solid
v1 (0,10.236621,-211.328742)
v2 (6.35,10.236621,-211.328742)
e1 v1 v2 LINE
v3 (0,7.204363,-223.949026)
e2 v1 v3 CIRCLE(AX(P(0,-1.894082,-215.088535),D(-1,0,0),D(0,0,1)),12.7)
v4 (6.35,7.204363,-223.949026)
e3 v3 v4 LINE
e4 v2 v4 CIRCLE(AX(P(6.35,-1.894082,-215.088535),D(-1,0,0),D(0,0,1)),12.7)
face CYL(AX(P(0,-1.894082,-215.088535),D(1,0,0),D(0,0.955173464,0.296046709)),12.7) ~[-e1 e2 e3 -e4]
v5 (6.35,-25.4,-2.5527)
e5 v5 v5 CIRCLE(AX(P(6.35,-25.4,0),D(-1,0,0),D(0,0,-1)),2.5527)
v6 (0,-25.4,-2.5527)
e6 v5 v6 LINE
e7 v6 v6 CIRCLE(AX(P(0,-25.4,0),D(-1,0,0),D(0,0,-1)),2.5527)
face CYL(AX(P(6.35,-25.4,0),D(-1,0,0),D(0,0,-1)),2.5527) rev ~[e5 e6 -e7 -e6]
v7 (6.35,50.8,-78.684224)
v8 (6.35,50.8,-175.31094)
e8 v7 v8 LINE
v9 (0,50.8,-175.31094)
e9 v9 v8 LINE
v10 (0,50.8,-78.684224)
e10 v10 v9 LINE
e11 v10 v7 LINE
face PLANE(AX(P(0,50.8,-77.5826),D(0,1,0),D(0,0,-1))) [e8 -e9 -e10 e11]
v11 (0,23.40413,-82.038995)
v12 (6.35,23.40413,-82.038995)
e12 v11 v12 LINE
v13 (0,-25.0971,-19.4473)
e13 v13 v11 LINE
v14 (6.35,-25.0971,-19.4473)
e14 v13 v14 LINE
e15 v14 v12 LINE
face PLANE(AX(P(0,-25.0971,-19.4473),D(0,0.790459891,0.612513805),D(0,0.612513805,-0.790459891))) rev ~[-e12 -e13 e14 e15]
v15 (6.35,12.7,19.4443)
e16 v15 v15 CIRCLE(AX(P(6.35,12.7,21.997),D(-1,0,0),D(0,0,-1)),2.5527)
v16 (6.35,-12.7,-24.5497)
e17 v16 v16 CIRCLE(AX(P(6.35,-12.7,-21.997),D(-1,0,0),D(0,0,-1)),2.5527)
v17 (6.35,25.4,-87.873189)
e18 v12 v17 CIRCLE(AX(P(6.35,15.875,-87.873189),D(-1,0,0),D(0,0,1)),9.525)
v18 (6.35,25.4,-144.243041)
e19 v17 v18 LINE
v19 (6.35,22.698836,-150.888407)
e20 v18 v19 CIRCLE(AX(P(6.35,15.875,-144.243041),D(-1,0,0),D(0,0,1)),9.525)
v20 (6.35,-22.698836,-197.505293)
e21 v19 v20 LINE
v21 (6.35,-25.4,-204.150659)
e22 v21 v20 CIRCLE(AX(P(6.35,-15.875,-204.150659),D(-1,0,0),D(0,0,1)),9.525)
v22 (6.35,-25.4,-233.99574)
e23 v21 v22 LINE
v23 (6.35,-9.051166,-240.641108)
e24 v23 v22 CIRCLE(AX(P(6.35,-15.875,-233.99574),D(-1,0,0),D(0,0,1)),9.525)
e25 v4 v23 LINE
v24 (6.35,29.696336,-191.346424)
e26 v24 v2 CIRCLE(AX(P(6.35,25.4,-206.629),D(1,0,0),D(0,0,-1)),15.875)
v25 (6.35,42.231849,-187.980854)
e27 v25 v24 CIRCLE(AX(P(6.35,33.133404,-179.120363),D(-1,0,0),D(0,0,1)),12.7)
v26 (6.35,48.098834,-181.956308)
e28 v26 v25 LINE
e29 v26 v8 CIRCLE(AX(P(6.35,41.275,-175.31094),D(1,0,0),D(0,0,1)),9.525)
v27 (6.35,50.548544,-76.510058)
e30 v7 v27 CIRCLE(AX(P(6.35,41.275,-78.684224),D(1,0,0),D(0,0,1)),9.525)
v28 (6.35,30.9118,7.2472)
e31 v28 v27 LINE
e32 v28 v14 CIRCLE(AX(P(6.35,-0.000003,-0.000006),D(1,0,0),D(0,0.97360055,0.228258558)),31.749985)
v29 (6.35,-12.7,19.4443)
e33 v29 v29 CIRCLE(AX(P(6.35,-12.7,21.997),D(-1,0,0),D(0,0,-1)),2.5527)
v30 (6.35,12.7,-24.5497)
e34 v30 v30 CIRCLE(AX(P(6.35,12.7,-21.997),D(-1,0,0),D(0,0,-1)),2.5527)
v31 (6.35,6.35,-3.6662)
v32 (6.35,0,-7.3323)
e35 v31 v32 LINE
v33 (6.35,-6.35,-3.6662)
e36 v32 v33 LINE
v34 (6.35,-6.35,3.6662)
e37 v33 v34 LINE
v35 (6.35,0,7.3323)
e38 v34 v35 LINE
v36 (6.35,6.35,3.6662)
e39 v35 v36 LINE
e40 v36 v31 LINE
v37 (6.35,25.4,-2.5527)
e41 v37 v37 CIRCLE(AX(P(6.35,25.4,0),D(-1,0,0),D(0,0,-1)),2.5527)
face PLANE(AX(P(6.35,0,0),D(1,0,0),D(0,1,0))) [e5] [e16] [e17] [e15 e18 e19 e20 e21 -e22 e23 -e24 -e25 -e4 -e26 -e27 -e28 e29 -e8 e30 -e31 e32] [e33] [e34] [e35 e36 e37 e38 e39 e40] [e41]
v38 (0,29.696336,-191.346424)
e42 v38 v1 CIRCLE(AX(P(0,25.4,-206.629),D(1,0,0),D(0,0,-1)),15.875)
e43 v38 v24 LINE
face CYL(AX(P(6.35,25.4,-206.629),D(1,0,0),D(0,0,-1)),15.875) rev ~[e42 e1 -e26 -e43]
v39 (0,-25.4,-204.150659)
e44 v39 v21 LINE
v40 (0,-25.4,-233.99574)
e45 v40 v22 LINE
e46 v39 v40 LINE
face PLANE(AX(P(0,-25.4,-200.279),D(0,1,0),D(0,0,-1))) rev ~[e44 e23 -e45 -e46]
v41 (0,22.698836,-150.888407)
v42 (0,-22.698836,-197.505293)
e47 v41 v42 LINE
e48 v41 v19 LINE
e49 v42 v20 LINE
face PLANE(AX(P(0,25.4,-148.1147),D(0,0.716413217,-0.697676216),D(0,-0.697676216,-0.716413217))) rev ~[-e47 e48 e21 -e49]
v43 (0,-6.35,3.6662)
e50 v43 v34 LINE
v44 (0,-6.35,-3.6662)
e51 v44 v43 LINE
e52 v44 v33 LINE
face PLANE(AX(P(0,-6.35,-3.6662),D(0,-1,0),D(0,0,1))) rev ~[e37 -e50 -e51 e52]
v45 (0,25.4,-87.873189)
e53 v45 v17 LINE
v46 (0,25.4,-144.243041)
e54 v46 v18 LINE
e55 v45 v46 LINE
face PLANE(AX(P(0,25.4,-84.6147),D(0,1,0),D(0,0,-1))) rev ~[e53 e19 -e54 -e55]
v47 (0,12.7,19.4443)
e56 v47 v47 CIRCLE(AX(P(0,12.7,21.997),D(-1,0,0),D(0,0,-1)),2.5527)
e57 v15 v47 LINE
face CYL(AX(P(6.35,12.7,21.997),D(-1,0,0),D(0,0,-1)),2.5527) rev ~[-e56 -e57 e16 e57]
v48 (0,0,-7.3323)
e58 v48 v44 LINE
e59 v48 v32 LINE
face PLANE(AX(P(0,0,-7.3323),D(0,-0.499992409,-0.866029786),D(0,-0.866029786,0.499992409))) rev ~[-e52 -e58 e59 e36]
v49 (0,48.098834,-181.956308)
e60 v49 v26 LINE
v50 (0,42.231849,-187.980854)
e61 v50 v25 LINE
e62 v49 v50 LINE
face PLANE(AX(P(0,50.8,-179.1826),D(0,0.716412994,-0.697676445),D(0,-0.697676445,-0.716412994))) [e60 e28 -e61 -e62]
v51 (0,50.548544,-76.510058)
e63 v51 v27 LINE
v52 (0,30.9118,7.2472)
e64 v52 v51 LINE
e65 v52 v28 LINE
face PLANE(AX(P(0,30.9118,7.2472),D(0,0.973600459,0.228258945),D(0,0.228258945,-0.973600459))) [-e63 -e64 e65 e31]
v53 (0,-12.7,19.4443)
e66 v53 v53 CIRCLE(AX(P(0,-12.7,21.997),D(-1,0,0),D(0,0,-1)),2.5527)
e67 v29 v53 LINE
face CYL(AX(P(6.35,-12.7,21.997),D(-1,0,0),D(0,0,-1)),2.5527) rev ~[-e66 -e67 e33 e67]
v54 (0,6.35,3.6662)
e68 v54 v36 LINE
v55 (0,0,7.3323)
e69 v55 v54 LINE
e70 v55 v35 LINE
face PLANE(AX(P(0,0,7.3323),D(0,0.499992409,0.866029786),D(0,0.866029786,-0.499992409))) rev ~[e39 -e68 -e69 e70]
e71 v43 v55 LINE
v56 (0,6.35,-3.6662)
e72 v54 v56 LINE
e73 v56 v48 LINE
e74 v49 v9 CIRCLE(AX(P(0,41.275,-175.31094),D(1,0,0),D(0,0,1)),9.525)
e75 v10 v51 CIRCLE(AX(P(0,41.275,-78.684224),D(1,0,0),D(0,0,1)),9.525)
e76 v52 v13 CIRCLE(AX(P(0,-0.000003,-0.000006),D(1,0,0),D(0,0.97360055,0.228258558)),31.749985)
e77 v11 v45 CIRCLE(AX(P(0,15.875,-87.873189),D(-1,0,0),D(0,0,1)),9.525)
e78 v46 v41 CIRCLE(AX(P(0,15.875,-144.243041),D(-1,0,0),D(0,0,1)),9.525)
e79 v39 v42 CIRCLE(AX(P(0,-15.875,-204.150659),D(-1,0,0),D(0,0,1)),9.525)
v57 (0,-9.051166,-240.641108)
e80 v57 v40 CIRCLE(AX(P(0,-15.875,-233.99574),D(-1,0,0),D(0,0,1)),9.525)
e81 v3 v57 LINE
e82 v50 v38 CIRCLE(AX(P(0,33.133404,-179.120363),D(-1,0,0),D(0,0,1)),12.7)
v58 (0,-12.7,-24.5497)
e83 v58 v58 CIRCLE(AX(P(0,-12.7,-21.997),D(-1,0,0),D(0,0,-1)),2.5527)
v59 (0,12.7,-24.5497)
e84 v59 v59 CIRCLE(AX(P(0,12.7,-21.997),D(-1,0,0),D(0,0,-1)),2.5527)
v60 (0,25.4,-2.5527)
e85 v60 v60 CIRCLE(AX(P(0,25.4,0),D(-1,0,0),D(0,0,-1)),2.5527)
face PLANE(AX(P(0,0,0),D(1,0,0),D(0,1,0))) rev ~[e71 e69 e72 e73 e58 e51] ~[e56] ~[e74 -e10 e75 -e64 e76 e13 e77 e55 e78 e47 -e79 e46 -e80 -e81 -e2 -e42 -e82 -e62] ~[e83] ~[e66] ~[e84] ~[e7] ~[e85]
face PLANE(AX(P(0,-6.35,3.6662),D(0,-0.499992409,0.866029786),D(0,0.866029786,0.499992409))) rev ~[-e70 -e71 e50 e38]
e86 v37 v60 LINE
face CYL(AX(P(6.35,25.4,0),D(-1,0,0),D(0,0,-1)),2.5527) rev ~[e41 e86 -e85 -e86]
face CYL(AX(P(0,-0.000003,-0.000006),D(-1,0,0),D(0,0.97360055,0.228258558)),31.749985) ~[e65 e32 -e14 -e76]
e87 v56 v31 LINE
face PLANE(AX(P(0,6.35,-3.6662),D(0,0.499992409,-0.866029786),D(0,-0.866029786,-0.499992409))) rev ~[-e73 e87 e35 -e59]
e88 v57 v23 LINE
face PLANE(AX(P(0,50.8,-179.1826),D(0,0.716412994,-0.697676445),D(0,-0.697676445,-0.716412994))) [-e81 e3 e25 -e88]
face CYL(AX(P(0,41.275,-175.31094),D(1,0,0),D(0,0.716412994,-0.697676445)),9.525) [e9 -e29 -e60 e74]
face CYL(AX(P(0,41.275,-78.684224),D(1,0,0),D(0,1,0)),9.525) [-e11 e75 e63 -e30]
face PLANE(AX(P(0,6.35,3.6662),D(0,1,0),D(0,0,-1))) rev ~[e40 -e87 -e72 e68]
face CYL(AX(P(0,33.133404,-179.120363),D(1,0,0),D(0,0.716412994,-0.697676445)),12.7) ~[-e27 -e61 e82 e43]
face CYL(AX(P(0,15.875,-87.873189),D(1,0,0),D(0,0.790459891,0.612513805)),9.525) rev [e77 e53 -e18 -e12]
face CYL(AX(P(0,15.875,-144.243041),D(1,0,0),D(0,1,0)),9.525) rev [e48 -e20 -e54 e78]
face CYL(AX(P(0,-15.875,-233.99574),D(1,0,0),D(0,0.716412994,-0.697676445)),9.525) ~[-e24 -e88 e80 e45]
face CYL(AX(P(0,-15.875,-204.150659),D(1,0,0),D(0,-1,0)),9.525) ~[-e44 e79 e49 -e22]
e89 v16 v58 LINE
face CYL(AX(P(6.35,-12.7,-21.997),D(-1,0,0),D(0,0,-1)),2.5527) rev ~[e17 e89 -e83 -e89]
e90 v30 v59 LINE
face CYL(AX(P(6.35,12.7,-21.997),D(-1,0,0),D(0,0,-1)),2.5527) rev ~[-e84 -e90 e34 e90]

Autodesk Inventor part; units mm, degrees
ref_plane "YZ Plane" through (0, 0, 0) normal (1, 0, 0) x (0, 1, 0)
ref_plane "XZ Plane" through (0, 0, 0) normal (0, 1, 0) x (-1, 0, 0)
ref_plane "XY Plane" through (0, 0, 0) normal (0, 0, 1) x (1, 0, 0)
sketch "Sketch1" plane through (0, 0, 0) normal (1, 0, 0) x (0, 1, 0)
  circle A0 centre (0, 0) radius 31.75 construction
  line L0 (19.05, -103.6647) -> (-107.95, -103.6647) construction
  line L1 (-107.95, -103.6647) -> (-107.95, -162.179) construction
  line L2 (-107.95, -162.179) -> (19.05, -162.179) construction
  line L3 (19.05, -162.179) -> (19.05, -103.6647) construction
  line L4 (19.05, -103.6647) -> (-107.95, -162.179) construction
  line L5 (-107.95, -103.6647) -> (19.05, -162.179) construction
  line L6 (-25.4, -162.179) -> (-25.4, -365.379) construction
  point P0 (-44.45, -132.9219)
  dimension "d0" = 63.5
  dimension "d2" = 127
  dimension "d3" = 58.5143
  dimension "d4" = 19.05
  dimension "d5" = 162.179
  dimension "d6" = 203.2
  dimension "d7" = 25.4
sketch "Sketch2" plane through (0, 0, 0) normal (1, 0, 0) x (0, 1, 0)
  circle A0 centre (0, 0) radius 31.75 construction
  line L0 (19.05, -103.6647) -> (-107.95, -103.6647) construction
  line L1 (-107.95, -103.6647) -> (-107.95, -162.179) construction
  line L2 (-107.95, -162.179) -> (19.05, -162.179) construction
  line L3 (19.05, -162.179) -> (19.05, -103.6647) construction
  line L4 (19.05, -103.6647) -> (-107.95, -162.179) construction
  line L5 (-107.95, -103.6647) -> (19.05, -162.179) construction
  line L6 (-25.4, -162.179) -> (-25.4, -365.379) construction
  line L7 (-25.0971, -19.4473) -> (25.4, -84.6147)
  line L8 (25.4, -84.6147) -> (25.4, -148.1147)
  line L9 (25.4, -148.1147) -> (-25.4, -200.279)
  line L10 (30.9118, 7.2472) -> (50.8, -77.5826)
  line L11 (50.8, -77.5826) -> (50.8, -179.1826)
  line L12 (50.8, -179.1826) -> (-25.4, -257.429)
  arc A1 (30.9118, 7.2472) -> (-25.0971, -19.4473) centre (0, 0) ccw
  line L13 (6.35, 3.6662) -> (6.35, -3.6662)
  line L14 (6.35, -3.6662) -> (0, -7.3323)
  line L15 (0, -7.3323) -> (-6.35, -3.6662)
  line L16 (-6.35, -3.6662) -> (-6.35, 3.6662)
  line L17 (-6.35, 3.6662) -> (0, 7.3323)
  line L18 (0, 7.3323) -> (6.35, 3.6662)
  line L19 (-25.4, -200.279) -> (-25.4, -257.429)
  point P0 (-44.45, -132.9219)
  point P1 (25.4, -116.3647)
  point P2 (19.05, -132.9219)
  point P3 (-6.35, 0)
  dimension "d8" = 6.35
  dimension "d9" = 63.5
  dimension "d10" = 25.4
  dimension "d11" = 101.6
  dimension "d12" = 12.7
  dimension "d13" = 57.15
  dimension "d28" = 38.1
  dimension "d29" = 19.05
extrude "Extrusion1" add sketch "Sketch2" along normal blind 6.35
sketch "Sketch3" plane through (6.35, 0, 0) normal (1, 0, 0) x (0, 0, -1)
  circle A0 centre (0, 0) radius 25.4 construction
  point P0 (0, 25.4)
  point P1 (-21.997, 12.7)
  point P2 (-21.997, -12.7)
  point P3 (0, -25.4)
  point P4 (21.997, -12.7)
  point P5 (21.997, 12.7)
  dimension "d16" = 50.8
  dimension "d19" = 360
hole "Hole1" at (6.35, 25.4, 0) at (6.35, 12.7, 21.997) at (6.35, -12.7, 21.997) at (6.35, -25.4, 0) at (6.35, -12.7, -21.997) at (6.35, 12.7, -21.997) direction (-1, 0, 0) diameter 5.1054 end through all clearance for "Flat Head Machine Screw (82)" size "#10" standard "Ansi Unified Screw Threads"
sketch "Sketch4" plane through (6.35, 0, 0) normal (1, 0, 0) x (0, 0, -1)
  circle A0 centre (206.629, 25.4) radius 15.875
  line L0 (200.279, -25.4) -> (257.429, -25.4) construction
  point P0 (0, 0)
  dimension "d30" = 31.75
  dimension "d31" = 50.8
  dimension "d32" = 6.35
extrude "Extrusion2" cut sketch "Sketch4" against normal through all
fillet "Fillet1" radius 12.7 2 edges at (3.175, 35.7738, -194.6123) (3.175, 13.6624, -217.3175)
fillet "Fillet2" radius 9.525 6 edges at (3.175, -25.4, -257.429) (3.175, -25.4, -200.279) (3.175, 25.4, -148.1147) (3.175, 50.8, -179.1826) (3.175, 25.4, -84.6147) (3.175, 50.8, -77.5826)
properties part number "CL4-025" material "Aluminum 6061"
